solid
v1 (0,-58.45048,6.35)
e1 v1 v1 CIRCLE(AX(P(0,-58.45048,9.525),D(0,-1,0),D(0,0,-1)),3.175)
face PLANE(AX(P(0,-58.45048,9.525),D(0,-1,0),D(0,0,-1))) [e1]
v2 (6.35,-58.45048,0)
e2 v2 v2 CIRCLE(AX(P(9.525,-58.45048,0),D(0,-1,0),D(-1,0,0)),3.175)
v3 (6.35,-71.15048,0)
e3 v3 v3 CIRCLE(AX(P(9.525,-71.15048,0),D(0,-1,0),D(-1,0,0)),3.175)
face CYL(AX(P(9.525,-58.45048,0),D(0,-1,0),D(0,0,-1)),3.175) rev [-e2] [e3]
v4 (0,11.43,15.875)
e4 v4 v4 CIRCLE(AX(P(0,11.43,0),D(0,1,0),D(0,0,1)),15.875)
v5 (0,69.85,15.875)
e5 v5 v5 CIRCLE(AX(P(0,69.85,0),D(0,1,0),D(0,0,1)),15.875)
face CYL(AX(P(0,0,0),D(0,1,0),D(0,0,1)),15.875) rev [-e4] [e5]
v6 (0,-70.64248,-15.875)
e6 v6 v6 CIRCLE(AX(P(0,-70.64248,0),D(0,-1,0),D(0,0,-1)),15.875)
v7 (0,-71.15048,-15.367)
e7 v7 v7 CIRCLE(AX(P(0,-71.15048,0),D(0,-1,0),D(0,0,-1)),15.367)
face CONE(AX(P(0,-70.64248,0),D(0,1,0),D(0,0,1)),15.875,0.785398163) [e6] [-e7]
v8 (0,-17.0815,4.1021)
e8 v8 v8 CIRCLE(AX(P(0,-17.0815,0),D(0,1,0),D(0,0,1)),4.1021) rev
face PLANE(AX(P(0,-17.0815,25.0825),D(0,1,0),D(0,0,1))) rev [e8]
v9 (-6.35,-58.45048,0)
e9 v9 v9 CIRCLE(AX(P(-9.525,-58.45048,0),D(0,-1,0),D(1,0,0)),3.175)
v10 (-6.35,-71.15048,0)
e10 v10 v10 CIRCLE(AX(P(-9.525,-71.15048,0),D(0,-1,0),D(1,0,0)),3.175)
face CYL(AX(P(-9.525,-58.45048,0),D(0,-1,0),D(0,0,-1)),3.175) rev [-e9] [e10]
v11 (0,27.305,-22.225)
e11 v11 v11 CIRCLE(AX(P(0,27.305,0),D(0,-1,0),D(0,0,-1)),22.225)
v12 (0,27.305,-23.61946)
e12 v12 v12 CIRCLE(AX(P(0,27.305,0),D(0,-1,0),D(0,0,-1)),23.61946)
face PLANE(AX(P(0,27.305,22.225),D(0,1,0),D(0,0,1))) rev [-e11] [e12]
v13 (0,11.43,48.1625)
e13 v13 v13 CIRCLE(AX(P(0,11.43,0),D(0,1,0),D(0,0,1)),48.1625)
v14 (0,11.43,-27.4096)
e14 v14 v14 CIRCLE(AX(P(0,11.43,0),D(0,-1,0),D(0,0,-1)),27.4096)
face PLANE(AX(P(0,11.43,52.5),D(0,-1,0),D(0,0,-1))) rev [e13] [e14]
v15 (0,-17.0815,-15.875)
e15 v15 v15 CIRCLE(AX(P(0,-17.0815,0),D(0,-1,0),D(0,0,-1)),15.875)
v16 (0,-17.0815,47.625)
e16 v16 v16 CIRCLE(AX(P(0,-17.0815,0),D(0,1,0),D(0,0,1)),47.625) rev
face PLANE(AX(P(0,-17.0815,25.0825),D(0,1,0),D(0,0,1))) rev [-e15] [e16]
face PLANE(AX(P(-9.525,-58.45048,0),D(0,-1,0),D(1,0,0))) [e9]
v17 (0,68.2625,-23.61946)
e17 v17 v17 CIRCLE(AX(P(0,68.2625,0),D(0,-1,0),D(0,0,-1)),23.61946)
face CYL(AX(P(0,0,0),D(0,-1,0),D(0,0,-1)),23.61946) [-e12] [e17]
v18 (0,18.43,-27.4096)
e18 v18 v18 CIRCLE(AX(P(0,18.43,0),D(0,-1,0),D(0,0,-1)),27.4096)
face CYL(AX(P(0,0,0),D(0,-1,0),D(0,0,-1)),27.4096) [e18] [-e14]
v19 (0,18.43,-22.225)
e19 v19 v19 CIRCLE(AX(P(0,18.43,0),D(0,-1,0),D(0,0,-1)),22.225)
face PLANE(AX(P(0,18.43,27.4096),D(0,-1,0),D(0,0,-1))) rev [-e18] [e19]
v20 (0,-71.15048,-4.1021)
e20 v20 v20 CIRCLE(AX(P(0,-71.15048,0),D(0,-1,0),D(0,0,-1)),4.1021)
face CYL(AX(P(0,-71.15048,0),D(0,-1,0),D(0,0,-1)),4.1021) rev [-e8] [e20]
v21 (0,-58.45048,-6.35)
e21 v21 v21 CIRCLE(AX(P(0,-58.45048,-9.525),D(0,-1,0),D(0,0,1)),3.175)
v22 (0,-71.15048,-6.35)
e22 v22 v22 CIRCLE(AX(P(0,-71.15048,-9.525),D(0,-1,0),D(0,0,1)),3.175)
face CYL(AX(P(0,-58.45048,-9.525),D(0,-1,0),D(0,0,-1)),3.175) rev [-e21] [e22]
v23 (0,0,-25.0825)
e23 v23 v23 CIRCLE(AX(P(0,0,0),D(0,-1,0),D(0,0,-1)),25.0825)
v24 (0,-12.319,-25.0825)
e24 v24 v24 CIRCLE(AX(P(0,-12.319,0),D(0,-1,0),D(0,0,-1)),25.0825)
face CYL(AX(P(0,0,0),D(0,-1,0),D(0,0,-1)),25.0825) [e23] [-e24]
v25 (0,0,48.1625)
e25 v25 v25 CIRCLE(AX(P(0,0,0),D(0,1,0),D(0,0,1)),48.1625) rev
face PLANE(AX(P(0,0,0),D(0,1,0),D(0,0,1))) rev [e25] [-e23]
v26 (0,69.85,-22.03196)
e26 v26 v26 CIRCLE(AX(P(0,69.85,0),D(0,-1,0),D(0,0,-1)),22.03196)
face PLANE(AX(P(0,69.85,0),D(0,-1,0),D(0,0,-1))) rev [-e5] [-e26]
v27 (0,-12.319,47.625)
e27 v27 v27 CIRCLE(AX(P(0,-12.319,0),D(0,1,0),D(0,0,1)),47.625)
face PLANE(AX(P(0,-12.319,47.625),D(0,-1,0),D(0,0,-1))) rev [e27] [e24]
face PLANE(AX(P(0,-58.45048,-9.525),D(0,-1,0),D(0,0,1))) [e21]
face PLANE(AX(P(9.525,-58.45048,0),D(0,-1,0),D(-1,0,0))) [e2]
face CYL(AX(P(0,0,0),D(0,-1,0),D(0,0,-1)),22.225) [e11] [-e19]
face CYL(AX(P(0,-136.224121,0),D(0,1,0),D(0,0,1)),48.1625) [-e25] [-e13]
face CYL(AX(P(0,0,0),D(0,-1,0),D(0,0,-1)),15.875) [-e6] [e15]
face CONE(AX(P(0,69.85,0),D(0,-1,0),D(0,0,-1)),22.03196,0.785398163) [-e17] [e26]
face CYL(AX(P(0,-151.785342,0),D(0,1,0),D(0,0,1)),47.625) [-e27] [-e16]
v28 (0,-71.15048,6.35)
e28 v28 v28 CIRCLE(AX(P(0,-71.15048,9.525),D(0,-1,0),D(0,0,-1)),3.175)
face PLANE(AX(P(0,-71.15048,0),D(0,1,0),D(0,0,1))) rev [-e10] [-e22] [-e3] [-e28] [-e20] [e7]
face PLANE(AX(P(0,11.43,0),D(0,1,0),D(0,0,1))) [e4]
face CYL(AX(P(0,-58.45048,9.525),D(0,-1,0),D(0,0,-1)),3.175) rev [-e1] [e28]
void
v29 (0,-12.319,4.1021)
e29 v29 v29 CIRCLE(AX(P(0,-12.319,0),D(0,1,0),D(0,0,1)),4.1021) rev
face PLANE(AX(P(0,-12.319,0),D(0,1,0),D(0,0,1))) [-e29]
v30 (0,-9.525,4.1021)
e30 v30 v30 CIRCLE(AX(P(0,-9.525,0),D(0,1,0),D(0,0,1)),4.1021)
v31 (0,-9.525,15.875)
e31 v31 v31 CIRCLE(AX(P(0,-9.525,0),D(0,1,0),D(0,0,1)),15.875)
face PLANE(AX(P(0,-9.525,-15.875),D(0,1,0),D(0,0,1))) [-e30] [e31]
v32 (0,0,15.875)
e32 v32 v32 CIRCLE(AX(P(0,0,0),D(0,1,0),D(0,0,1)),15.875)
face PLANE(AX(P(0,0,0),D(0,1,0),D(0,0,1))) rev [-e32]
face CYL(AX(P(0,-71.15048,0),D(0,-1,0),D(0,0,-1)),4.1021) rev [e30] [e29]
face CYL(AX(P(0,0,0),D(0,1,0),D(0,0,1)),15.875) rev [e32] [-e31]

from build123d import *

# Parameters (mm, degrees)
SKETCH5_W                     = 15.875
SKETCH5_H                     = 79.375
SKETCH7_W                     = 3.4
SKETCH7_H                     = 69.85
DRIVE_PIN_HOLES_PATTERN_COUNT = 4
FLANGE_SUPPORT_CUT_REACH      = 104.834
SKETCH8_R                     = 52.5
BRAKE_HAT_HEX_DEPTH           = 4.7625
F_5_16_CLEARNCE_D             = 8.2042
SKETCH11_R                    = 3.175
TRIPOD_PINS_DEPTH             = 12.7
FILLET1_R                     = 3.175
CIRPATTERN1_COUNT             = 4
SKETCH28_R                    = 48.1625
BOSS_EXTRUDE1_DEPTH           = 11.43
SKETCH29_R                    = 47.625
BOSS_EXTRUDE2_DEPTH           = 4.7625


with BuildPart() as part:
    # Sketch1 → Bearing Shaft/Flange Support (revolve)
    with BuildSketch(Plane(origin=(0, 0, 0), x_dir=(0, 0, -1), z_dir=(1, 0, 0)), mode=Mode.PRIVATE) as bearing_shaft_flange_support_sk:
        Polygon((0, 0), (-25.0825, 0), (-25.0825, -12.319), (-47.625, -12.319), (-47.625, -17.0815), (-25.0825, -17.0815), (-15.875, -17.0815), (-15.875, -70.64248), (-15.367, -71.15048), (0, -71.15048), align=None)
    revolve(bearing_shaft_flange_support_sk.sketch.rotate(Axis((0, 0, 0), (0, 1, 0)), 180), axis=Axis((0, 0, 0), (0, 1, 0)))

    # Sketch2 → Drive Pin Support (revolve)
    with BuildSketch(Plane(origin=(0, 0, 0), x_dir=(0, 0, -1), z_dir=(1, 0, 0)), mode=Mode.PRIVATE) as drive_pin_support_sk:
        Polygon((0, 0), (-52.5, 0), (-52.5, 11.43), (-27.4096, 11.43), (-27.4096, 18.43), (-22.225, 18.43), (-22.225, 27.305), (-23.61946, 27.305), (-23.61946, 68.2625), (-22.03196, 69.85), (0, 69.85), align=None)
    revolve(drive_pin_support_sk.sketch.rotate(Axis((0, 0, 0), (0, 1, 0)), 180), axis=Axis((0, 0, 0), (0, 1, 0)))

    # Sketch5 → Center Mass Removal (revolve, cut)
    with BuildSketch(Plane(origin=(0, 0, 0), x_dir=(0, 0, -1), z_dir=(1, 0, 0)), mode=Mode.PRIVATE) as center_mass_removal_sk:
        with Locations((7.9375, 30.1625)):
            Rectangle(SKETCH5_W, SKETCH5_H)
    revolve(center_mass_removal_sk.sketch.rotate(Axis((0, 0, 0), (0, -1, 0)), 180), axis=Axis((0, 0, 0), (0, -1, 0)), mode=Mode.SUBTRACT)

    # Sketch7 → Drive Pin Holes (revolve, cut)
    with BuildSketch(Plane(origin=(0, 0, 40), x_dir=(0, 0, -1), z_dir=(1, 0, 0))):
        with Locations((1.7, 34.925)):
            Rectangle(SKETCH7_W, SKETCH7_H)
    drive_pin_holes = revolve(axis=Axis((0, -6.35, 40), (0, 1, 0)), mode=Mode.SUBTRACT)

    # Drive Pin Holes Pattern: Drive Pin Holes ×4 about axis
    drive_pin_holes_pattern_axis = Axis((0, 0, 0), (0, 1, 0))
    for i in range(1, DRIVE_PIN_HOLES_PATTERN_COUNT):
        add(drive_pin_holes.rotate(drive_pin_holes_pattern_axis, i * 360 / DRIVE_PIN_HOLES_PATTERN_COUNT), mode=Mode.SUBTRACT)

    # Sketch8 → Flange Support Cut (cut, up to next)
    with BuildSketch(Plane.XZ, mode=Mode.PRIVATE) as flange_support_cut_sk1:
        Circle(SKETCH8_R)
        with BuildLine():
            ThreePointArc((6.851776468, 44.436165629), (0, 48.1625), (-6.851776468, 44.436165629))
            ThreePointArc((-6.851776468, 44.436165629), (-9.964767607, 39.850591878), (-13.274865482, 35.405206349))
            ThreePointArc((-13.274865482, 35.405206349), (-33.675960454, 33.675960454), (-35.405206349, 13.274865482))
            ThreePointArc((-35.405206349, 13.274865482), (-39.850591878, 9.964767607), (-44.436165629, 6.851776468))
            ThreePointArc((-44.436165629, 6.851776468), (-48.1625, 0), (-44.436165629, -6.851776468))
            ThreePointArc((-44.436165629, -6.851776468), (-39.850591878, -9.964767607), (-35.405206349, -13.274865482))
            ThreePointArc((-35.405206349, -13.274865482), (-33.675960454, -33.675960454), (-13.274865482, -35.405206349))
            ThreePointArc((-13.274865482, -35.405206349), (-9.964767607, -39.850591878), (-6.851776468, -44.436165629))
            ThreePointArc((-6.851776468, -44.436165629), (0, -48.1625), (6.851776468, -44.436165629))
            ThreePointArc((6.851776468, -44.436165629), (9.964767607, -39.850591878), (13.274865482, -35.405206349))
            ThreePointArc((13.274865482, -35.405206349), (33.675960454, -33.675960454), (35.405206349, -13.274865482))
            ThreePointArc((35.405206349, -13.274865482), (39.850591878, -9.964767607), (44.436165629, -6.851776468))
            ThreePointArc((44.436165629, -6.851776468), (48.1625, 0), (44.436165629, 6.851776468))
            ThreePointArc((44.436165629, 6.851776468), (39.850591878, 9.964767607), (35.405206349, 13.274865482))
            ThreePointArc((35.405206349, 13.274865482), (33.675960454, 33.675960454), (13.274865482, 35.405206349))
            ThreePointArc((13.274865482, 35.405206349), (9.964767607, 39.850591878), (6.851776468, 44.436165629))
        make_face(mode=Mode.SUBTRACT)
    flange_support_cut_tool1 = extrude(flange_support_cut_sk1.sketch, amount=-FLANGE_SUPPORT_CUT_REACH, mode=Mode.PRIVATE) & part.part
    add(flange_support_cut_tool1.solids().sort_by_distance((-51.015076, 0, 0))[0], mode=Mode.SUBTRACT)

    # Sketch10 → Brake Hat Hex (cut)
    with BuildSketch(Plane.XZ.offset(17.0815)):
        with BuildLine():
            ThreePointArc((5.969, -46.0375), (0.002019456, -40.068500342), (-5.968998634, -46.033461088))
            Line((-5.968998634, -46.033461088), (-12.209057508, -46.033461088))
            ThreePointArc((-12.209057508, -46.033461088), (-0.007882397, -47.624999348), (12.193818875, -46.0375))
            Line((12.193818875, -46.0375), (5.969, -46.0375))
        make_face()
        with BuildLine():
            ThreePointArc((-33.772735089, -33.578906915), (-23.81932603, -41.240518092), (-12.209057508, -46.033461088))
            ThreePointArc((-12.209057508, -46.033461088), (-17.890731283, -30.975814606), (-33.772735089, -33.578906915))
        make_face()
        with BuildLine():
            ThreePointArc((-45.970675481, -12.443376586), (-41.248400489, -23.805673317), (-33.772735089, -33.578906915))
            Line((-33.772735089, -33.578906915), (-36.885144527, -28.188055635))
            ThreePointArc((-36.885144527, -28.188055635), (-34.699329459, -20.035999071), (-42.850646043, -17.847426092))
            Line((-42.850646043, -17.847426092), (-45.970675481, -12.443376586))
        make_face()
        with BuildLine():
            ThreePointArc((33.761617972, -33.590084503), (17.88047671, -30.981735086), (12.193818875, -46.0375))
            ThreePointArc((12.193818875, -46.0375), (23.805673317, -41.248400489), (33.761617972, -33.590084503))
        make_face()
        with BuildLine():
            ThreePointArc((-45.966553964, 12.458593085), (-47.624999348, 0.007882397), (-45.970675481, -12.443376586))
            ThreePointArc((-45.970675481, -12.443376586), (-35.771207993, 0.005920481), (-45.966553964, 12.458593085))
        make_face()
        with BuildLine():
            Line((36.88164741, -28.186034996), (33.761617972, -33.590084503))
            ThreePointArc((33.761617972, -33.590084503), (41.240518092, -23.81932603), (45.966553964, -12.458593085))
            Line((45.966553964, -12.458593085), (42.854144527, -17.849444365))
            ThreePointArc((42.854144527, -17.849444365), (34.701348915, -20.032501271), (36.88164741, -28.186034996))
        make_face()
        with BuildLine():
            ThreePointArc((-33.761617972, 33.590084503), (-41.240518092, 23.81932603), (-45.966553964, 12.458593085))
            Line((-45.966553964, 12.458593085), (-42.854144527, 17.849444365))
            ThreePointArc((-42.854144527, 17.849444365), (-34.701348915, 20.032501271), (-36.88164741, 28.186034996))
            Line((-36.88164741, 28.186034996), (-33.761617972, 33.590084503))
        make_face()
        with BuildLine():
            ThreePointArc((45.970675481, 12.443376586), (35.771207993, -0.005920481), (45.966553964, -12.458593085))
            ThreePointArc((45.966553964, -12.458593085), (47.624999348, -0.007882397), (45.970675481, 12.443376586))
        make_face()
        with BuildLine():
            ThreePointArc((-12.193818875, 46.0375), (-23.805673317, 41.248400489), (-33.761617972, 33.590084503))
            ThreePointArc((-33.761617972, 33.590084503), (-17.88047671, 30.981735086), (-12.193818875, 46.0375))
        make_face()
        with BuildLine():
            Line((42.850646043, 17.847426092), (45.970675481, 12.443376586))
            ThreePointArc((45.970675481, 12.443376586), (41.248400489, 23.805673317), (33.772735089, 33.578906915))
            Line((33.772735089, 33.578906915), (36.885144527, 28.188055635))
            ThreePointArc((36.885144527, 28.188055635), (34.699329459, 20.035999071), (42.850646043, 17.847426092))
        make_face()
        with BuildLine():
            ThreePointArc((12.209057508, 46.033461088), (0.007882397, 47.624999348), (-12.193818875, 46.0375))
            Line((-12.193818875, 46.0375), (-5.969, 46.0375))
            ThreePointArc((-5.969, 46.0375), (-0.002019456, 40.068500342), (5.968998634, 46.033461088))
            Line((5.968998634, 46.033461088), (12.209057508, 46.033461088))
        make_face()
        with BuildLine():
            ThreePointArc((12.209057508, 46.033461088), (17.890731283, 30.975814606), (33.772735089, 33.578906915))
            ThreePointArc((33.772735089, 33.578906915), (23.81932603, 41.240518092), (12.209057508, 46.033461088))
        make_face()
    extrude(amount=-BRAKE_HAT_HEX_DEPTH, mode=Mode.SUBTRACT)

    # 5/16 Clearnce (through all)
    with Locations(Plane(origin=(0, -71.15048, 0), x_dir=(-1, 0, 0), z_dir=(0, -1, 0))):
        with Locations((0, 0)):
            Hole(F_5_16_CLEARNCE_D / 2)

    # Sketch11 → Tripod Pins (cut)
    with BuildSketch(Plane.XZ.offset(71.15048)):
        with Locations(Location((0, 9.525, 0), (0, 0, 270))):
            Circle(SKETCH11_R)
    tripod_pins = extrude(amount=-TRIPOD_PINS_DEPTH, mode=Mode.SUBTRACT)

    # Fillet1
    fillet1_edges = [part.edges().sort_by_distance(p)[0] for p in [
        (-35.405206349, 5.715, -13.274865482),
        (-13.274865482, 5.715, -35.405206349),
        (13.274865482, 5.715, -35.405206349),
        (35.405206349, 5.715, -13.274865482),
        (35.405206349, 5.715, 13.274865482),
        (13.274865482, 5.715, 35.405206349),
        (-13.274865482, 5.715, 35.405206349),
        (-35.405206349, 5.715, 13.274865482),
    ]]
    fillet(fillet1_edges, radius=FILLET1_R)

    # CirPattern1: Tripod Pins ×4 about axis
    cirpattern1_axis = Axis((0, 0, 0), (0, 1, 0))
    for i in range(1, CIRPATTERN1_COUNT):
        add(tripod_pins.rotate(cirpattern1_axis, i * 360 / CIRPATTERN1_COUNT), mode=Mode.SUBTRACT)

    # Sketch28 → Boss-Extrude1 (add)
    with BuildSketch(Plane(origin=(0, 11.43, 0), x_dir=(1, 0, 0), z_dir=(0, 1, 0))):
        with Locations(Location((0, 0, 0), (0, 0, 270))):
            Circle(SKETCH28_R)
    extrude(amount=-BOSS_EXTRUDE1_DEPTH)

    # Sketch29 → Boss-Extrude2 (add)
    with BuildSketch(Plane(origin=(0, -12.319, 0), x_dir=(1, 0, 0), z_dir=(0, 1, 0))):
        with Locations(Location((0, 0, 0), (0, 0, 270))):
            Circle(SKETCH29_R)
    extrude(amount=-BOSS_EXTRUDE2_DEPTH)


solid = part.part
